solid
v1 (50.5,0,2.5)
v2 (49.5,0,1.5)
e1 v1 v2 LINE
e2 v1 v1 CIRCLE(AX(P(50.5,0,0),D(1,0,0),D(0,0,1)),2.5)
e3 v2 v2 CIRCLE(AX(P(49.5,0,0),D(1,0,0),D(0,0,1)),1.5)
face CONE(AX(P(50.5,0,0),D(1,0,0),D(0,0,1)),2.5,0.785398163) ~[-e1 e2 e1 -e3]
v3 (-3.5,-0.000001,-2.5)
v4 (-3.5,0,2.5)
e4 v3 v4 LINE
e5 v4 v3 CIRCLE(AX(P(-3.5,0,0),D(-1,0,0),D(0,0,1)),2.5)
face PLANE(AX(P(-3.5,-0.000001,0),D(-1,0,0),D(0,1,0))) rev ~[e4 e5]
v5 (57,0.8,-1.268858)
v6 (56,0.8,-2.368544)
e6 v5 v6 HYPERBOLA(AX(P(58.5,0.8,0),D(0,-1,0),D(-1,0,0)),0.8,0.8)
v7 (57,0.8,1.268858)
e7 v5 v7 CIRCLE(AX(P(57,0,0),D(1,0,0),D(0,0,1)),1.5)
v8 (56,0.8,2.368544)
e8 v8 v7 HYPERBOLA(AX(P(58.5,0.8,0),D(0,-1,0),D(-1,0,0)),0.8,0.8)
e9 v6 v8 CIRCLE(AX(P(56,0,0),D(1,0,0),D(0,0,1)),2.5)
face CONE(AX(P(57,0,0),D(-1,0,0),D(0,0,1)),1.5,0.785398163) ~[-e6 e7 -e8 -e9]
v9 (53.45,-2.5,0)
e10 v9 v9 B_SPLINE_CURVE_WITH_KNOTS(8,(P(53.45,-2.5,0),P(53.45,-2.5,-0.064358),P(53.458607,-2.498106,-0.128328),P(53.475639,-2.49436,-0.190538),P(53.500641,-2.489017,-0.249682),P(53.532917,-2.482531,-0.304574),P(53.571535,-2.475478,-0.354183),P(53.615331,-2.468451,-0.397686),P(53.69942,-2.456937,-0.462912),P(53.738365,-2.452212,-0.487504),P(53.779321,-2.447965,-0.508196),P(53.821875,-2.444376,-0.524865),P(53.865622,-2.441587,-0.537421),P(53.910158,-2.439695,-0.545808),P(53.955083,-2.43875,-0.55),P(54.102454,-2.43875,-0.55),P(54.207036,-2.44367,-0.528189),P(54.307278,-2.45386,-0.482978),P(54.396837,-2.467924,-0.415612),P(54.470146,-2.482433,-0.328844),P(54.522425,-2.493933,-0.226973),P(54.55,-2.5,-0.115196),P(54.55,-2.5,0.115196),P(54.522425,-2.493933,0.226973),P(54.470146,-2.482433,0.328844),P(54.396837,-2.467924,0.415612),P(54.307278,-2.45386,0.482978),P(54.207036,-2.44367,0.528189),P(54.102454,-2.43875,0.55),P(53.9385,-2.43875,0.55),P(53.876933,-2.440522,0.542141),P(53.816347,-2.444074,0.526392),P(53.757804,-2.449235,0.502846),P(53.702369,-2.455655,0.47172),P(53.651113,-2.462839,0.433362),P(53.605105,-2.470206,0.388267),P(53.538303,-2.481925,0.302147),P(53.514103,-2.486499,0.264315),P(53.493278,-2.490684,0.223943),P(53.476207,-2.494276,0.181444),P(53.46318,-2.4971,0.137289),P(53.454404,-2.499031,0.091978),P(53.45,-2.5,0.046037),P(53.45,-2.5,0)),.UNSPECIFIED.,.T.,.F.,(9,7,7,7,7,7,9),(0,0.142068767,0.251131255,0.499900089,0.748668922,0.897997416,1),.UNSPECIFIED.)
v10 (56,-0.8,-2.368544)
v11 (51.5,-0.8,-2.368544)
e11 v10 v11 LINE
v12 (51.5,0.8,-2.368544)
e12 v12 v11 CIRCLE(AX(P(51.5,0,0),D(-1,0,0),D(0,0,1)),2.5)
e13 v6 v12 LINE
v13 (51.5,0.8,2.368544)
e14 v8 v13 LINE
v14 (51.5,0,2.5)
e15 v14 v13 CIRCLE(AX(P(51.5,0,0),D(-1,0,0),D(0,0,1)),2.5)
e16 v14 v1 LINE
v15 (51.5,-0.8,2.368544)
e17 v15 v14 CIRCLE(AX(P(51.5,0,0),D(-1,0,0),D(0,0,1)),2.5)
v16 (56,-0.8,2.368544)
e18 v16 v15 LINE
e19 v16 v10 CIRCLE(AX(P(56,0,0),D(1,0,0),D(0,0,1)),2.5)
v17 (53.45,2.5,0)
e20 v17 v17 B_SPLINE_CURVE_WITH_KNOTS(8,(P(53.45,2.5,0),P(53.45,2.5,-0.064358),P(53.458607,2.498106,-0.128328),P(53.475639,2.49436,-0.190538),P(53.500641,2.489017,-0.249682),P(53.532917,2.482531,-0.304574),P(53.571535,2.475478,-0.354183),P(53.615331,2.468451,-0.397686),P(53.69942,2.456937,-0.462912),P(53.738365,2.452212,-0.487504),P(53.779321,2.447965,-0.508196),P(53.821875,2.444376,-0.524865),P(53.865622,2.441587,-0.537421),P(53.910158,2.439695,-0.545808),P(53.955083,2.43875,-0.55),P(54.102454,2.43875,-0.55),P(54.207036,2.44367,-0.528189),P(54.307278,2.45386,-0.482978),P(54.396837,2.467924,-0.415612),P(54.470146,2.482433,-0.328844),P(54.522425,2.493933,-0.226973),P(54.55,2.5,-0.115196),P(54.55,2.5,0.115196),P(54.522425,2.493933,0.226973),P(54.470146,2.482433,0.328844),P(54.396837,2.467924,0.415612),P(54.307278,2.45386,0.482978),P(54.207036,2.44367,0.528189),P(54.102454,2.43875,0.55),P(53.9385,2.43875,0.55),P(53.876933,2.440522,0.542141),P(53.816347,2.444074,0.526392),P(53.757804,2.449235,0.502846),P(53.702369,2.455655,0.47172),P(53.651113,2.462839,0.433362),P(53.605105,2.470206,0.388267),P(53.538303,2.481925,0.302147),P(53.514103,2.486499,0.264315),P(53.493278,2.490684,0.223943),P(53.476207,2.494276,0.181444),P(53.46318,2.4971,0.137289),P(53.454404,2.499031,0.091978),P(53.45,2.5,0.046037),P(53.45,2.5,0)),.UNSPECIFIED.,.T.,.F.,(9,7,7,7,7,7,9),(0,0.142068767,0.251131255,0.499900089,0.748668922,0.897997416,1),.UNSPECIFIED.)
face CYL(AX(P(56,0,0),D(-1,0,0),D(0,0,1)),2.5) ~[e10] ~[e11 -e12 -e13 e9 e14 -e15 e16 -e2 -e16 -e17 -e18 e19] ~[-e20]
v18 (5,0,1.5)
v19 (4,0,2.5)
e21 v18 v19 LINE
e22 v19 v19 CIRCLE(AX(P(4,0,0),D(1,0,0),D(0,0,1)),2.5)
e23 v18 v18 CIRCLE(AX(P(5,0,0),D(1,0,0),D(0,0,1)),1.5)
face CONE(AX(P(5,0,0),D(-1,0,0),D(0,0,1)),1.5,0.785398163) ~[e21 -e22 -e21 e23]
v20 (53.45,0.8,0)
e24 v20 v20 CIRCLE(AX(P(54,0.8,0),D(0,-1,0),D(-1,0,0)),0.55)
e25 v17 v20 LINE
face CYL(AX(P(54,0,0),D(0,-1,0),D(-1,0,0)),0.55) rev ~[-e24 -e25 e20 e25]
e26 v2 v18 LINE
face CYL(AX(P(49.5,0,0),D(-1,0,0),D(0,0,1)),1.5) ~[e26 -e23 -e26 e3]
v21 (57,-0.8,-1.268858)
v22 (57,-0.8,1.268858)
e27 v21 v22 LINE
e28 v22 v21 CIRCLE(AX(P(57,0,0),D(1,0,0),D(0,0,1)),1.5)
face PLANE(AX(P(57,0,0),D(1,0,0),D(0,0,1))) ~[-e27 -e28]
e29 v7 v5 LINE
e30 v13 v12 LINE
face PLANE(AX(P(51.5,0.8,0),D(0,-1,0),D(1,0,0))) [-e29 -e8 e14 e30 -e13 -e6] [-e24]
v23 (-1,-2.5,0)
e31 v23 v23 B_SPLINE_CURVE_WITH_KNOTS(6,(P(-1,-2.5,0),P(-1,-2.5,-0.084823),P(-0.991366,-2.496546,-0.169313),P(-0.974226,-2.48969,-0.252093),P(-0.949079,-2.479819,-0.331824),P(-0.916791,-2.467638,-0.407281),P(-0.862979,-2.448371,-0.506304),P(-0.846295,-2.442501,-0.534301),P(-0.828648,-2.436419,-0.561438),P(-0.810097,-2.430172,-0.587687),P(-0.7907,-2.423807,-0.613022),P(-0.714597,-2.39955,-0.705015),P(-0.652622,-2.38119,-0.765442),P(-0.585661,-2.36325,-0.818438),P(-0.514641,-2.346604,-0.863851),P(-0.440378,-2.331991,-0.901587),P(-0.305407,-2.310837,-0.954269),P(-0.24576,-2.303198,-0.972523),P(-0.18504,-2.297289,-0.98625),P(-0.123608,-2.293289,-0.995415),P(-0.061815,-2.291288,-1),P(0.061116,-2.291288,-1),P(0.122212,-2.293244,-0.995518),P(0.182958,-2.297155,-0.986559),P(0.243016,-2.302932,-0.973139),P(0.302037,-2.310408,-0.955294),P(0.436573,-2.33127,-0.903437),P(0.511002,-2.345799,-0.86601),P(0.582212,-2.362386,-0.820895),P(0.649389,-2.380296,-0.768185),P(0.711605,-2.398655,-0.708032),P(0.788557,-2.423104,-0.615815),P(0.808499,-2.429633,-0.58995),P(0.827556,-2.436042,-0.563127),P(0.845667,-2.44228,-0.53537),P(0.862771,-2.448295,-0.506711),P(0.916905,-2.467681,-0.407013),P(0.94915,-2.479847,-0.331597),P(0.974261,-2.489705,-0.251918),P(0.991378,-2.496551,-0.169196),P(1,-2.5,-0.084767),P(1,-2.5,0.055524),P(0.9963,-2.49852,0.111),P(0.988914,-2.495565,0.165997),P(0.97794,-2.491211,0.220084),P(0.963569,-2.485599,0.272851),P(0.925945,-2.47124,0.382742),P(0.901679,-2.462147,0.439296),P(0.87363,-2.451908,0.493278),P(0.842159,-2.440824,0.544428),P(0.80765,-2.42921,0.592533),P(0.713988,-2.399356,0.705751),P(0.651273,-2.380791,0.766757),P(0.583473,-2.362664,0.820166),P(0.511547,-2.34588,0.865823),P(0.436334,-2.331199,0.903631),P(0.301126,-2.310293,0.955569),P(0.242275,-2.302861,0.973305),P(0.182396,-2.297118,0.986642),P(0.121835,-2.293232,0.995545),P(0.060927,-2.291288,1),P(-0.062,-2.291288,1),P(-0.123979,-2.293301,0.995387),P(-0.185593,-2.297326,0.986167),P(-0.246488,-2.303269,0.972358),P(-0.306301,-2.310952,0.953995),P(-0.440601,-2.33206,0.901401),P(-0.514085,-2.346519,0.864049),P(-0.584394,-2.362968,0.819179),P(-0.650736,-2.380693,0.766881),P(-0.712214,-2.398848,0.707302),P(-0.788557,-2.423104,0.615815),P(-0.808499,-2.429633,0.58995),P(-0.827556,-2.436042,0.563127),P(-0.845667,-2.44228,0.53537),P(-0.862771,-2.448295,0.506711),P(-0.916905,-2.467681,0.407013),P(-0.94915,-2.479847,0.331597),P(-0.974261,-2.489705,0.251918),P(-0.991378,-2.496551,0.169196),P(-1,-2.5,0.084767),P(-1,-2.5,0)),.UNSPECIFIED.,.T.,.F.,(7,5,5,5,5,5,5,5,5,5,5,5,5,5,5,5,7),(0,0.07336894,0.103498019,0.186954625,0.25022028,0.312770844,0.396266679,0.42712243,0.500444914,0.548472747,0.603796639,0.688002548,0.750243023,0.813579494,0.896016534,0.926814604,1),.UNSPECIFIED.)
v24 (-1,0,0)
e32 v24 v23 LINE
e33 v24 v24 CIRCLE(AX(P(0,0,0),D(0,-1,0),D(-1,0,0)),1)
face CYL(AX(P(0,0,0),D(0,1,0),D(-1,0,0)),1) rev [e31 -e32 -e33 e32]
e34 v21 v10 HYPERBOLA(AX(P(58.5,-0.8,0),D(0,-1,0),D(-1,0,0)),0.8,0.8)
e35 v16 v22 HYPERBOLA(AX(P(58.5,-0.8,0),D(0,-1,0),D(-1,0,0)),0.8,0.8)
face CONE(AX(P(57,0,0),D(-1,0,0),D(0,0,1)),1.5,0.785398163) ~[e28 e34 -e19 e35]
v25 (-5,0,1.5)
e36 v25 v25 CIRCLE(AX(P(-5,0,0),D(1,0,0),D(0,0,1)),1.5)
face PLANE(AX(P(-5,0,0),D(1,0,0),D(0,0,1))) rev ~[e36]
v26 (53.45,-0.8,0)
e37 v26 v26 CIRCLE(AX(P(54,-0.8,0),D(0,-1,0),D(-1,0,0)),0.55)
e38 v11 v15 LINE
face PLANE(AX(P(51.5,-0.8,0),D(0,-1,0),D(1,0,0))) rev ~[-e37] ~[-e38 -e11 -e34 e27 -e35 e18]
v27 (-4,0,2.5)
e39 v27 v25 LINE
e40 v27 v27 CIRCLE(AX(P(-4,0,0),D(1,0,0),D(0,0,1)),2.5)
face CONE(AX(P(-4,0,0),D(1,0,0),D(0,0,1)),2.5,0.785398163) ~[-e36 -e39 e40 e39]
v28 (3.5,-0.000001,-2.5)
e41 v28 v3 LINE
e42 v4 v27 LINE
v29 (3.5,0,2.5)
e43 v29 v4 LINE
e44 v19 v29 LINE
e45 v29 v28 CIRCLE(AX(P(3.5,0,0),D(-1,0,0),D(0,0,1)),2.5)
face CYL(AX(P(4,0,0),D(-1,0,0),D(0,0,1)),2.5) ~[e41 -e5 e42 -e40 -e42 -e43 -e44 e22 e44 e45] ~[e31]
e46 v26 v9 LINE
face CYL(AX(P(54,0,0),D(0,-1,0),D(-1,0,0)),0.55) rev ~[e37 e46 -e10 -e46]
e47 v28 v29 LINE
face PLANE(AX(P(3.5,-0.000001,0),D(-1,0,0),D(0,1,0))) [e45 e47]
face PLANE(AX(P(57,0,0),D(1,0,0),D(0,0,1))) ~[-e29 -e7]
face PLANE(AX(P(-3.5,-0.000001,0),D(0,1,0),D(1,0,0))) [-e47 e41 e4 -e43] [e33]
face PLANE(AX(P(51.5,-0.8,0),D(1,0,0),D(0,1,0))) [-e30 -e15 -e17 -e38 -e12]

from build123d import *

# Parameters (mm, degrees)
F2_DEPTH = 12.7
F3_W     = 7
F3_H     = 4.492721
F3_W_2   = 5.5
F3_H_2   = 1.6
F4_DEPTH = 12.7


with BuildPart() as f1:
    # F0 (on Front) → F1 (revolve)
    with BuildSketch(Plane.XZ):
        with BuildLine():
            ThreePointArc((-1, 0), (0, 1), (1, 0))
            Line((1, 0), (53.45, 0))
            ThreePointArc((53.45, 0), (54, 0.55), (54.55, 0))
            Line((54.55, 0), (57, 0))
            Line((57, 0), (57, 1.5))
            Line((57, 1.5), (56, 2.5))
            Line((56, 2.5), (50.5, 2.5))
            Line((50.5, 2.5), (49.5, 1.5))
            Line((49.5, 1.5), (5, 1.5))
            Line((5, 1.5), (4, 2.5))
            Line((4, 2.5), (-4, 2.5))
            Line((-4, 2.5), (-5, 1.5))
            Line((-5, 1.5), (-5, 0))
            Line((-5, 0), (-1, 0))
        make_face()
        with BuildLine():
            ThreePointArc((-1, 0), (0, -1), (1, 0))
            Line((1, 0), (-1, 0))
        make_face()
        with BuildLine():
            Line((54.55, 0), (53.45, 0))
            ThreePointArc((53.45, 0), (54, -0.55), (54.55, 0))
        make_face()
    revolve(axis=Axis((26, 0, 0), (1, 0, 0)))

    # F0 (on Front) → F2 (cut, symmetric)
    with BuildSketch(Plane.XZ):
        with BuildLine():
            Line((-1, 0), (1, 0))
            ThreePointArc((1, 0), (0, 1), (-1, 0))
        make_face()
        with BuildLine():
            ThreePointArc((-1, 0), (0, -1), (1, 0))
            Line((1, 0), (-1, 0))
        make_face()
        with BuildLine():
            ThreePointArc((54.55, 0), (54, 0.55), (53.45, 0))
            Line((53.45, 0), (54.55, 0))
        make_face()
        with BuildLine():
            Line((54.55, 0), (53.45, 0))
            ThreePointArc((53.45, 0), (54, -0.55), (54.55, 0))
        make_face()
    extrude(amount=F2_DEPTH, both=True, mode=Mode.SUBTRACT)

    # F3 (on Top) → F4 (cut, symmetric)
    with BuildSketch(Plane.XY):
        with Locations((0, 2.24636)):
            Rectangle(F3_W, F3_H)
        with Locations((54.25, 0)):
            Rectangle(F3_W_2, F3_H_2)
    extrude(amount=F4_DEPTH, both=True, mode=Mode.SUBTRACT)


solid = f1.part
